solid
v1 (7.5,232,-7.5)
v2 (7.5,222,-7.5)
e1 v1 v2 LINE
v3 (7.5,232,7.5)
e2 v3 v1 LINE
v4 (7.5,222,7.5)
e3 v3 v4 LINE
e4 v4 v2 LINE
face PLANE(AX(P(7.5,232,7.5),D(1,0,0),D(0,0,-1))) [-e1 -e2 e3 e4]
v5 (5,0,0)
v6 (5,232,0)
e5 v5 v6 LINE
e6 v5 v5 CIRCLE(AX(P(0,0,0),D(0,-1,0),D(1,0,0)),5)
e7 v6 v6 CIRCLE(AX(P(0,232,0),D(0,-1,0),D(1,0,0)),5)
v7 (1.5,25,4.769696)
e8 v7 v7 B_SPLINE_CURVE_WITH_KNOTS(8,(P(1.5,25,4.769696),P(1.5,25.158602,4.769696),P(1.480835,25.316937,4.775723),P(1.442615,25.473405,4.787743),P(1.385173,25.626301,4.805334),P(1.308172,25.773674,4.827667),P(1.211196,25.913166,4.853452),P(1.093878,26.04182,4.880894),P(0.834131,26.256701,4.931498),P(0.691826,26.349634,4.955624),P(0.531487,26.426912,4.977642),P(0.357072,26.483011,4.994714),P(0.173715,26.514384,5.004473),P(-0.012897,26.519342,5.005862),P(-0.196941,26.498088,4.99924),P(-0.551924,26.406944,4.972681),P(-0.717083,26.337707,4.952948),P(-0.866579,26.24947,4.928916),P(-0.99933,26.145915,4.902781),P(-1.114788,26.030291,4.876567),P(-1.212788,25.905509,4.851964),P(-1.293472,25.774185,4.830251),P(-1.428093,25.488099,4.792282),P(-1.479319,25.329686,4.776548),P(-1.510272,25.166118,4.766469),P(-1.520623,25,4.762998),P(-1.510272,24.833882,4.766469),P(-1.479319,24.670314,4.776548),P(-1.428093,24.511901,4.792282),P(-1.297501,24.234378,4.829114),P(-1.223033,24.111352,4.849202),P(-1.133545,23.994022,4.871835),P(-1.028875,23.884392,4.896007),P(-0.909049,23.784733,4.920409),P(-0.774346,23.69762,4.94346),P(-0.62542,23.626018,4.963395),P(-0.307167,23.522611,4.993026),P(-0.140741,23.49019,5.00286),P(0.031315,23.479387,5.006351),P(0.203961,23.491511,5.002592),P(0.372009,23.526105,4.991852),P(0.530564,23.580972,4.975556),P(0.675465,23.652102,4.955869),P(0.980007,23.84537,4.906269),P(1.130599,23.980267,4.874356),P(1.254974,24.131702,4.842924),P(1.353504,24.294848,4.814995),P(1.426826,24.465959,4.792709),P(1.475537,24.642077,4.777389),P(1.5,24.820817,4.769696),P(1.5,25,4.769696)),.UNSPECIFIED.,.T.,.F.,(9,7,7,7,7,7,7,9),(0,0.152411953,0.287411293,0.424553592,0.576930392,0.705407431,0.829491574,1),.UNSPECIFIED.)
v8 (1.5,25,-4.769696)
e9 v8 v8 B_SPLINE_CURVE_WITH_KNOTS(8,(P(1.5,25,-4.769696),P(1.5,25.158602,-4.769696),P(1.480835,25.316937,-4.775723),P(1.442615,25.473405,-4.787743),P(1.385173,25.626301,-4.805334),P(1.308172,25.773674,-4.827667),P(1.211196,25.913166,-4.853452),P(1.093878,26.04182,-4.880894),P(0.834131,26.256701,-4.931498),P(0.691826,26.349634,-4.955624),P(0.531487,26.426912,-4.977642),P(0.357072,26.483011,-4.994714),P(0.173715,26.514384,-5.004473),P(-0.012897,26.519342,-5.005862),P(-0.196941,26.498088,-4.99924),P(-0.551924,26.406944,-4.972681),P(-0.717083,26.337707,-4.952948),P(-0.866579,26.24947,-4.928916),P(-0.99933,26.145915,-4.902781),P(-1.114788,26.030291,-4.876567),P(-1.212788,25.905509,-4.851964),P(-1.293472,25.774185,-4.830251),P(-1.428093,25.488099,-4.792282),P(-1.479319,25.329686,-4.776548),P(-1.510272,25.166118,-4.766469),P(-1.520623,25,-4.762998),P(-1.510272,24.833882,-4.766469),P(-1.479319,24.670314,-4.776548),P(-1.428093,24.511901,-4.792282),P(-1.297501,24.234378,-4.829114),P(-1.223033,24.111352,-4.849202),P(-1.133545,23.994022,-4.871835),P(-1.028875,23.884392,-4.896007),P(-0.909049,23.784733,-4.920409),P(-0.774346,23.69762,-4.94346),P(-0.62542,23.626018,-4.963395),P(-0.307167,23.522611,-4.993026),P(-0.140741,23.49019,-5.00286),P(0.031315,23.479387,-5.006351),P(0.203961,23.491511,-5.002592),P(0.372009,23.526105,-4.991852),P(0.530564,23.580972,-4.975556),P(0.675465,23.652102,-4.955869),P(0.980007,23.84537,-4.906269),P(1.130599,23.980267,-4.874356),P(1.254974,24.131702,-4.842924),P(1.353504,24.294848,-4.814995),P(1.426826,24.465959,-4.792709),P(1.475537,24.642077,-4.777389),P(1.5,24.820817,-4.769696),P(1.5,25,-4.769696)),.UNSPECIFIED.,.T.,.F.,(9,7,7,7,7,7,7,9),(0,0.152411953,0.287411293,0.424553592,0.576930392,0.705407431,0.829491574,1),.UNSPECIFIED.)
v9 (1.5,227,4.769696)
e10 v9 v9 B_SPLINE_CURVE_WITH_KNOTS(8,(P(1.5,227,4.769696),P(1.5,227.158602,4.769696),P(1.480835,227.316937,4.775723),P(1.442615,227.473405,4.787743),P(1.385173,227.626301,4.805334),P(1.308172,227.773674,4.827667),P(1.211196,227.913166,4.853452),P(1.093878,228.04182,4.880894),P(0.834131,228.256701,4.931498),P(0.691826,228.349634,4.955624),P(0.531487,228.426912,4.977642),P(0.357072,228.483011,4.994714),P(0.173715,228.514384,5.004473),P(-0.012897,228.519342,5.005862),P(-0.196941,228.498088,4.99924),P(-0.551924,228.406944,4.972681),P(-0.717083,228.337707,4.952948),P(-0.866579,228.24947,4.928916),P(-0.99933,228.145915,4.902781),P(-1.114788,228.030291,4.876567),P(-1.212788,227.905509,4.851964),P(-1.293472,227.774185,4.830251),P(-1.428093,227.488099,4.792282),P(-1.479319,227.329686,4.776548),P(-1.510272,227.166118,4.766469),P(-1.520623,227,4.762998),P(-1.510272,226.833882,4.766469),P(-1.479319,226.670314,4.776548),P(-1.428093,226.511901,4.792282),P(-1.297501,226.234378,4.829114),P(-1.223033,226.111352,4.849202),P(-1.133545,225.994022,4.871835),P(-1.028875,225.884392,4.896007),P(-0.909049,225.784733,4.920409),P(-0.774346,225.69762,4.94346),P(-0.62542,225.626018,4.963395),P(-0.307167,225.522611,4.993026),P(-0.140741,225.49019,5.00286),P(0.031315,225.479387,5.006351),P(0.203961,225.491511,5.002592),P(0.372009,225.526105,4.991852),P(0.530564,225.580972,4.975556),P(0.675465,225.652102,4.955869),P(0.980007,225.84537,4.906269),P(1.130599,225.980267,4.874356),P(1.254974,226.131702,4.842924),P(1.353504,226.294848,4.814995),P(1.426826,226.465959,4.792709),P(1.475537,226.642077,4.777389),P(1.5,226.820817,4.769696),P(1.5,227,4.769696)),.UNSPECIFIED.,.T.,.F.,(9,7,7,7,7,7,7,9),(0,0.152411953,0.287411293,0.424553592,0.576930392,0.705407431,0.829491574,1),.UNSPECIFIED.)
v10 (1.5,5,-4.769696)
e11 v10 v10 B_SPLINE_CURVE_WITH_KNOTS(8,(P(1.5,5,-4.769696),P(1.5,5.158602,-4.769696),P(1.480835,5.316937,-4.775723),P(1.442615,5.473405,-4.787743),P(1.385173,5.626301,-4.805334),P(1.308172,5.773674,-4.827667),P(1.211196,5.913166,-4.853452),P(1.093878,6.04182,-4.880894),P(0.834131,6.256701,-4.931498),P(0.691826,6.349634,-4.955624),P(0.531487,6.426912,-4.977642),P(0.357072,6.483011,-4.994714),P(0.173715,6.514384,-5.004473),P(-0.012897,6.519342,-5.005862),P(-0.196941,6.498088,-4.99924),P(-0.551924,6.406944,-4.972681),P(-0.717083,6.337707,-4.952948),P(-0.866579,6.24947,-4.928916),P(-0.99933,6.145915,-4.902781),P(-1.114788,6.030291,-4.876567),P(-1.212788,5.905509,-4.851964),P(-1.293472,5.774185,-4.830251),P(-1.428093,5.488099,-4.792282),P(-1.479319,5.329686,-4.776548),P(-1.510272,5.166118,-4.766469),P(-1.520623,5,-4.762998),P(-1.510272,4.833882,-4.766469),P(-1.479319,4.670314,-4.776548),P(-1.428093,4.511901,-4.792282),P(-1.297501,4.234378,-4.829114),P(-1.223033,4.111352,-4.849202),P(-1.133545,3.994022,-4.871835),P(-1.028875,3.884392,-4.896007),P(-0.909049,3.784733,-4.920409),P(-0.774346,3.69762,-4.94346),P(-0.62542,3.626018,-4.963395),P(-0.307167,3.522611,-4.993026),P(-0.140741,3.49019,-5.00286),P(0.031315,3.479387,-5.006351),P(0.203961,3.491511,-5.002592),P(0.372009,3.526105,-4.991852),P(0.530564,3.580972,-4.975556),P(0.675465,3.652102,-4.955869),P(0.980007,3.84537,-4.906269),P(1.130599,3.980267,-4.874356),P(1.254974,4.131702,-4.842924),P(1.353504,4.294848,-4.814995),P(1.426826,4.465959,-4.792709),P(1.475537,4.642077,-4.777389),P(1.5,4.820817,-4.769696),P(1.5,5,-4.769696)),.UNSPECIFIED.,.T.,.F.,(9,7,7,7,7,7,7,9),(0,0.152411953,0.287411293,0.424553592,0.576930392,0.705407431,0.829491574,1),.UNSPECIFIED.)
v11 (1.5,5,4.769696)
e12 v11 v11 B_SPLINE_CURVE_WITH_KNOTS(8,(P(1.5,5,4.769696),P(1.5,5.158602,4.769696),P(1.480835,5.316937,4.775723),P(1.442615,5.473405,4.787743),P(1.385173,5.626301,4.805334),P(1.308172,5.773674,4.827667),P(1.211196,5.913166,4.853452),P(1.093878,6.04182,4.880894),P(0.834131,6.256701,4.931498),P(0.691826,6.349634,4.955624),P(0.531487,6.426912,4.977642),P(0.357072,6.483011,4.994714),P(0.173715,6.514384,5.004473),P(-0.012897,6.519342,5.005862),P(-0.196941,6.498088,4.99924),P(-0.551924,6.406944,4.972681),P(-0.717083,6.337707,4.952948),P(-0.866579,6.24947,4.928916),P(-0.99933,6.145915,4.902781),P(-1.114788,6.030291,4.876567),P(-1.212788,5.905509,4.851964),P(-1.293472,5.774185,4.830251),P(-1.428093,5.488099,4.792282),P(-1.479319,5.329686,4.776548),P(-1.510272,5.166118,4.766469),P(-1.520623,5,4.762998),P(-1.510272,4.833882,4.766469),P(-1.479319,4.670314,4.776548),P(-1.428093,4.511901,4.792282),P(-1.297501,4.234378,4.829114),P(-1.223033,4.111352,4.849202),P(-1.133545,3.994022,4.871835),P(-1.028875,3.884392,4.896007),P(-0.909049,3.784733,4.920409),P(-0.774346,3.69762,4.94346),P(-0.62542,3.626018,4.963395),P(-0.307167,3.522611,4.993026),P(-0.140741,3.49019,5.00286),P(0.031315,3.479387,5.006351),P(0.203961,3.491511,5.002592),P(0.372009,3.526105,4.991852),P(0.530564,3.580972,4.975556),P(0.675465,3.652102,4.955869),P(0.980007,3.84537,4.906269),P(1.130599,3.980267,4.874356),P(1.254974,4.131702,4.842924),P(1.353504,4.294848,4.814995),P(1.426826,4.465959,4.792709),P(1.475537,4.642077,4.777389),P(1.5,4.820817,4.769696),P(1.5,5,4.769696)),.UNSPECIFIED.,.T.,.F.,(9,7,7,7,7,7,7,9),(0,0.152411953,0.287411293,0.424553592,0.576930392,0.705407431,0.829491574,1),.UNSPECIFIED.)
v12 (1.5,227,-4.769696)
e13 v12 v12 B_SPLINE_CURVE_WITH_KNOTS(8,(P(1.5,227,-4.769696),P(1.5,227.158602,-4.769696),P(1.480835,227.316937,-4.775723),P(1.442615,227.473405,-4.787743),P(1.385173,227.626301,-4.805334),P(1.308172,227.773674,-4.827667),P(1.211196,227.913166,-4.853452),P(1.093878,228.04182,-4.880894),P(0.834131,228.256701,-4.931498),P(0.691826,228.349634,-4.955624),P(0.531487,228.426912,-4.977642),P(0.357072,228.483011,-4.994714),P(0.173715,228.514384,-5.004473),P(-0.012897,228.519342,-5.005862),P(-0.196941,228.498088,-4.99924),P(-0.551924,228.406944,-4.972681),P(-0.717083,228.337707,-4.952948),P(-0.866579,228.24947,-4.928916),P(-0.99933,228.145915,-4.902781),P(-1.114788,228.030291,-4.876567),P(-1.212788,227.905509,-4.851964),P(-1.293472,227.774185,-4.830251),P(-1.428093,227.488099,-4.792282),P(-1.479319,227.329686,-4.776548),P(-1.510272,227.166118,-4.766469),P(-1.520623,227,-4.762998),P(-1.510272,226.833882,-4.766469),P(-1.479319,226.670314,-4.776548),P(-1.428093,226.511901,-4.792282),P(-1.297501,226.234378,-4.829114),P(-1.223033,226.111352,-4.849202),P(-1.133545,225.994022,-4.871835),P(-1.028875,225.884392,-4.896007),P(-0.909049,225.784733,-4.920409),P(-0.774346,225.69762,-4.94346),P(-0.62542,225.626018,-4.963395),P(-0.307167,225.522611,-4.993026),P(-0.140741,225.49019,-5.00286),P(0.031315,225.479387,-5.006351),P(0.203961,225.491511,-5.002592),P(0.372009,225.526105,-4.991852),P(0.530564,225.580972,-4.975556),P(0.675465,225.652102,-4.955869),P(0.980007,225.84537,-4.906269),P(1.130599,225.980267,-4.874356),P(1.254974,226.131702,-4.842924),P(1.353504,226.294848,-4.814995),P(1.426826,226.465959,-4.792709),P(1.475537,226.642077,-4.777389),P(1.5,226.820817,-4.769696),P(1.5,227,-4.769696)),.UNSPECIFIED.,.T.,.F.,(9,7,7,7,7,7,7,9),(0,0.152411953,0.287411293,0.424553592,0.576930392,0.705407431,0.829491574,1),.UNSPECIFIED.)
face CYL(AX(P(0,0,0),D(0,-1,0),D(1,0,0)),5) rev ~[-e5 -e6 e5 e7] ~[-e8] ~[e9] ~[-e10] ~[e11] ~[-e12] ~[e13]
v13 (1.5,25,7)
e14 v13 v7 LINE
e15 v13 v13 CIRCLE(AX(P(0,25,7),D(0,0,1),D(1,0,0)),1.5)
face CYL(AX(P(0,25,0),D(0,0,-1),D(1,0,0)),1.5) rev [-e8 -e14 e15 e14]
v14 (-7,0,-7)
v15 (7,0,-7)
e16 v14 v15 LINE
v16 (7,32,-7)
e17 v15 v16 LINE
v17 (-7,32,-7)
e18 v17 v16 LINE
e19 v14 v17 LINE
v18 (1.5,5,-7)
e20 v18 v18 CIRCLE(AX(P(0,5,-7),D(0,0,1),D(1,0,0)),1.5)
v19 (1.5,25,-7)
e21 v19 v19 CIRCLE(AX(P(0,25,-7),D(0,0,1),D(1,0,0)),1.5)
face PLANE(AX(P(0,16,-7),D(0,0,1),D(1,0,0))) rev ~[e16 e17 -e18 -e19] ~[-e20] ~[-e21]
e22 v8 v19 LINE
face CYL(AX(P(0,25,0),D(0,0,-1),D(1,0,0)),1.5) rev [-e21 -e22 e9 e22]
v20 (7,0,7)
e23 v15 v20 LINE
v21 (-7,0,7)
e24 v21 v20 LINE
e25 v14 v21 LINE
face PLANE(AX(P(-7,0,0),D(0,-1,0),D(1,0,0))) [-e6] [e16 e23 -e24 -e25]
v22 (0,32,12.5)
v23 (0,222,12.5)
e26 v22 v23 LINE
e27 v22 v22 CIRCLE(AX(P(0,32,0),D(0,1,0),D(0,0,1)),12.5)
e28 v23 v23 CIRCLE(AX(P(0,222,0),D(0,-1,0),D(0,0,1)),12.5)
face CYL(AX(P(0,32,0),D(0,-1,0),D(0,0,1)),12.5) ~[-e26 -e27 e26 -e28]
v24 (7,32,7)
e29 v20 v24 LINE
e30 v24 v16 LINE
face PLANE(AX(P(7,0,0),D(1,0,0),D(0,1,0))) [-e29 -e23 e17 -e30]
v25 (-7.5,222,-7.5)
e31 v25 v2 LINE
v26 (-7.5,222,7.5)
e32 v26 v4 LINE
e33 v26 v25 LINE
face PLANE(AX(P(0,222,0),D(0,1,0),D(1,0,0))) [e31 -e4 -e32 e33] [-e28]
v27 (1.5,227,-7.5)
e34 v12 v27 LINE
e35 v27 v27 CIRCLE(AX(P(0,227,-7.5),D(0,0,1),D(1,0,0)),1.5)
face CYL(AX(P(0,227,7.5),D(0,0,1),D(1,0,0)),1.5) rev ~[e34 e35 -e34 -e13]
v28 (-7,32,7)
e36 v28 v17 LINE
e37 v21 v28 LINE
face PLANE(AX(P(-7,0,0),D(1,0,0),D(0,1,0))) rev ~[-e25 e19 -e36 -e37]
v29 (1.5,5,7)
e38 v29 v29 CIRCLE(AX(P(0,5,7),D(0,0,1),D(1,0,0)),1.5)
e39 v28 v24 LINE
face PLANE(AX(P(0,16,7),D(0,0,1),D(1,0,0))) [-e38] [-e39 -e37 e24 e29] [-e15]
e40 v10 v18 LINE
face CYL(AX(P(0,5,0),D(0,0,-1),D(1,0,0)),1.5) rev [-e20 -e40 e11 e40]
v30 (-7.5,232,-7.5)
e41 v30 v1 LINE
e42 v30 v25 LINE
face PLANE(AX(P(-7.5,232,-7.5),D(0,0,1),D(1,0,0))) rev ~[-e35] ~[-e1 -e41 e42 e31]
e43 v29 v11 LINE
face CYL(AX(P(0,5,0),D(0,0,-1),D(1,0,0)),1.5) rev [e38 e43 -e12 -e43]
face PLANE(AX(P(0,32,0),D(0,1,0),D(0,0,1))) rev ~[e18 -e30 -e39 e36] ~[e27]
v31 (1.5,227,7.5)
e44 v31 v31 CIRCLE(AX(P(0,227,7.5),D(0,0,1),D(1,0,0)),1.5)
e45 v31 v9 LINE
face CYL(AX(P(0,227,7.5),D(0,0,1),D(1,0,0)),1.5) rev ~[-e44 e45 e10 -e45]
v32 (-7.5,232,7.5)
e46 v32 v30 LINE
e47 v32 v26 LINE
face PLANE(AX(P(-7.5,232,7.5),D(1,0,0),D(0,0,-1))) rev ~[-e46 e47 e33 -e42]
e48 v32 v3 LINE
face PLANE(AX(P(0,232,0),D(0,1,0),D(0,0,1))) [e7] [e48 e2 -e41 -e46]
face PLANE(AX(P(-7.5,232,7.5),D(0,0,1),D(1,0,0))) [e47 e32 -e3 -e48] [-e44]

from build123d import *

# Parameters (mm, degrees)
SKETCH1_W           = 14
SKETCH1_H           = 32
SKETCH1_R           = 1.5
BOSS_EXTRUDE1_DEPTH = 7
SKETCH3_R           = 12.5
BOSS_EXTRUDE2_DEPTH = 200
SKETCH4_OUTSIDE_W   = 73.936
SKETCH4_OUTSIDE_H   = 73.936
SKETCH4_OUTSIDE_W_2 = 15
SKETCH4_OUTSIDE_H_2 = 15
CUT_EXTRUDE1_DEPTH  = 10
SKETCH5_R           = 1.5
CUT_EXTRUDE2_DEPTH  = 234.195733237
SKETCH6_R           = 5
CUT_EXTRUDE3_DEPTH  = 233.672516641


with BuildPart() as part:
    # Sketch1 → Boss-Extrude1 (new, symmetric)
    with BuildSketch(Plane.XY):
        with Locations((0, 16)):
            Rectangle(SKETCH1_W, SKETCH1_H)
        with Locations((0, 5)):
            Circle(SKETCH1_R, mode=Mode.SUBTRACT)
        with Locations((0, 25)):
            Circle(SKETCH1_R, mode=Mode.SUBTRACT)
    extrude(amount=BOSS_EXTRUDE1_DEPTH, both=True)

    # Sketch3 → Boss-Extrude2 (add)
    with BuildSketch(Plane(origin=(0, 32, 0), x_dir=(1, 0, 0), z_dir=(0, 1, 0))):
        with Locations(Location((0, 0, 0), (0, 0, 270))):
            Circle(SKETCH3_R)
    extrude(amount=BOSS_EXTRUDE2_DEPTH)

    # Sketch4 outside → Cut-Extrude1 (cut)
    with BuildSketch(Plane(origin=(0, 232, 0), x_dir=(1, 0, 0), z_dir=(0, 1, 0))):
        Rectangle(SKETCH4_OUTSIDE_W, SKETCH4_OUTSIDE_H)
        Rectangle(SKETCH4_OUTSIDE_W_2, SKETCH4_OUTSIDE_H_2, mode=Mode.SUBTRACT)
    extrude(amount=-CUT_EXTRUDE1_DEPTH, mode=Mode.SUBTRACT)

    # Sketch5 → Cut-Extrude2 (cut, through all)
    with BuildSketch(Plane.XY.offset(7.5)):
        with Locations((0, 227)):
            Circle(SKETCH5_R)
    extrude(amount=-CUT_EXTRUDE2_DEPTH, mode=Mode.SUBTRACT)

    # Sketch6 → Cut-Extrude3 (cut, through all)
    with BuildSketch(Plane.XZ):
        Circle(SKETCH6_R)
    extrude(amount=-CUT_EXTRUDE3_DEPTH, mode=Mode.SUBTRACT)


solid = part.part
